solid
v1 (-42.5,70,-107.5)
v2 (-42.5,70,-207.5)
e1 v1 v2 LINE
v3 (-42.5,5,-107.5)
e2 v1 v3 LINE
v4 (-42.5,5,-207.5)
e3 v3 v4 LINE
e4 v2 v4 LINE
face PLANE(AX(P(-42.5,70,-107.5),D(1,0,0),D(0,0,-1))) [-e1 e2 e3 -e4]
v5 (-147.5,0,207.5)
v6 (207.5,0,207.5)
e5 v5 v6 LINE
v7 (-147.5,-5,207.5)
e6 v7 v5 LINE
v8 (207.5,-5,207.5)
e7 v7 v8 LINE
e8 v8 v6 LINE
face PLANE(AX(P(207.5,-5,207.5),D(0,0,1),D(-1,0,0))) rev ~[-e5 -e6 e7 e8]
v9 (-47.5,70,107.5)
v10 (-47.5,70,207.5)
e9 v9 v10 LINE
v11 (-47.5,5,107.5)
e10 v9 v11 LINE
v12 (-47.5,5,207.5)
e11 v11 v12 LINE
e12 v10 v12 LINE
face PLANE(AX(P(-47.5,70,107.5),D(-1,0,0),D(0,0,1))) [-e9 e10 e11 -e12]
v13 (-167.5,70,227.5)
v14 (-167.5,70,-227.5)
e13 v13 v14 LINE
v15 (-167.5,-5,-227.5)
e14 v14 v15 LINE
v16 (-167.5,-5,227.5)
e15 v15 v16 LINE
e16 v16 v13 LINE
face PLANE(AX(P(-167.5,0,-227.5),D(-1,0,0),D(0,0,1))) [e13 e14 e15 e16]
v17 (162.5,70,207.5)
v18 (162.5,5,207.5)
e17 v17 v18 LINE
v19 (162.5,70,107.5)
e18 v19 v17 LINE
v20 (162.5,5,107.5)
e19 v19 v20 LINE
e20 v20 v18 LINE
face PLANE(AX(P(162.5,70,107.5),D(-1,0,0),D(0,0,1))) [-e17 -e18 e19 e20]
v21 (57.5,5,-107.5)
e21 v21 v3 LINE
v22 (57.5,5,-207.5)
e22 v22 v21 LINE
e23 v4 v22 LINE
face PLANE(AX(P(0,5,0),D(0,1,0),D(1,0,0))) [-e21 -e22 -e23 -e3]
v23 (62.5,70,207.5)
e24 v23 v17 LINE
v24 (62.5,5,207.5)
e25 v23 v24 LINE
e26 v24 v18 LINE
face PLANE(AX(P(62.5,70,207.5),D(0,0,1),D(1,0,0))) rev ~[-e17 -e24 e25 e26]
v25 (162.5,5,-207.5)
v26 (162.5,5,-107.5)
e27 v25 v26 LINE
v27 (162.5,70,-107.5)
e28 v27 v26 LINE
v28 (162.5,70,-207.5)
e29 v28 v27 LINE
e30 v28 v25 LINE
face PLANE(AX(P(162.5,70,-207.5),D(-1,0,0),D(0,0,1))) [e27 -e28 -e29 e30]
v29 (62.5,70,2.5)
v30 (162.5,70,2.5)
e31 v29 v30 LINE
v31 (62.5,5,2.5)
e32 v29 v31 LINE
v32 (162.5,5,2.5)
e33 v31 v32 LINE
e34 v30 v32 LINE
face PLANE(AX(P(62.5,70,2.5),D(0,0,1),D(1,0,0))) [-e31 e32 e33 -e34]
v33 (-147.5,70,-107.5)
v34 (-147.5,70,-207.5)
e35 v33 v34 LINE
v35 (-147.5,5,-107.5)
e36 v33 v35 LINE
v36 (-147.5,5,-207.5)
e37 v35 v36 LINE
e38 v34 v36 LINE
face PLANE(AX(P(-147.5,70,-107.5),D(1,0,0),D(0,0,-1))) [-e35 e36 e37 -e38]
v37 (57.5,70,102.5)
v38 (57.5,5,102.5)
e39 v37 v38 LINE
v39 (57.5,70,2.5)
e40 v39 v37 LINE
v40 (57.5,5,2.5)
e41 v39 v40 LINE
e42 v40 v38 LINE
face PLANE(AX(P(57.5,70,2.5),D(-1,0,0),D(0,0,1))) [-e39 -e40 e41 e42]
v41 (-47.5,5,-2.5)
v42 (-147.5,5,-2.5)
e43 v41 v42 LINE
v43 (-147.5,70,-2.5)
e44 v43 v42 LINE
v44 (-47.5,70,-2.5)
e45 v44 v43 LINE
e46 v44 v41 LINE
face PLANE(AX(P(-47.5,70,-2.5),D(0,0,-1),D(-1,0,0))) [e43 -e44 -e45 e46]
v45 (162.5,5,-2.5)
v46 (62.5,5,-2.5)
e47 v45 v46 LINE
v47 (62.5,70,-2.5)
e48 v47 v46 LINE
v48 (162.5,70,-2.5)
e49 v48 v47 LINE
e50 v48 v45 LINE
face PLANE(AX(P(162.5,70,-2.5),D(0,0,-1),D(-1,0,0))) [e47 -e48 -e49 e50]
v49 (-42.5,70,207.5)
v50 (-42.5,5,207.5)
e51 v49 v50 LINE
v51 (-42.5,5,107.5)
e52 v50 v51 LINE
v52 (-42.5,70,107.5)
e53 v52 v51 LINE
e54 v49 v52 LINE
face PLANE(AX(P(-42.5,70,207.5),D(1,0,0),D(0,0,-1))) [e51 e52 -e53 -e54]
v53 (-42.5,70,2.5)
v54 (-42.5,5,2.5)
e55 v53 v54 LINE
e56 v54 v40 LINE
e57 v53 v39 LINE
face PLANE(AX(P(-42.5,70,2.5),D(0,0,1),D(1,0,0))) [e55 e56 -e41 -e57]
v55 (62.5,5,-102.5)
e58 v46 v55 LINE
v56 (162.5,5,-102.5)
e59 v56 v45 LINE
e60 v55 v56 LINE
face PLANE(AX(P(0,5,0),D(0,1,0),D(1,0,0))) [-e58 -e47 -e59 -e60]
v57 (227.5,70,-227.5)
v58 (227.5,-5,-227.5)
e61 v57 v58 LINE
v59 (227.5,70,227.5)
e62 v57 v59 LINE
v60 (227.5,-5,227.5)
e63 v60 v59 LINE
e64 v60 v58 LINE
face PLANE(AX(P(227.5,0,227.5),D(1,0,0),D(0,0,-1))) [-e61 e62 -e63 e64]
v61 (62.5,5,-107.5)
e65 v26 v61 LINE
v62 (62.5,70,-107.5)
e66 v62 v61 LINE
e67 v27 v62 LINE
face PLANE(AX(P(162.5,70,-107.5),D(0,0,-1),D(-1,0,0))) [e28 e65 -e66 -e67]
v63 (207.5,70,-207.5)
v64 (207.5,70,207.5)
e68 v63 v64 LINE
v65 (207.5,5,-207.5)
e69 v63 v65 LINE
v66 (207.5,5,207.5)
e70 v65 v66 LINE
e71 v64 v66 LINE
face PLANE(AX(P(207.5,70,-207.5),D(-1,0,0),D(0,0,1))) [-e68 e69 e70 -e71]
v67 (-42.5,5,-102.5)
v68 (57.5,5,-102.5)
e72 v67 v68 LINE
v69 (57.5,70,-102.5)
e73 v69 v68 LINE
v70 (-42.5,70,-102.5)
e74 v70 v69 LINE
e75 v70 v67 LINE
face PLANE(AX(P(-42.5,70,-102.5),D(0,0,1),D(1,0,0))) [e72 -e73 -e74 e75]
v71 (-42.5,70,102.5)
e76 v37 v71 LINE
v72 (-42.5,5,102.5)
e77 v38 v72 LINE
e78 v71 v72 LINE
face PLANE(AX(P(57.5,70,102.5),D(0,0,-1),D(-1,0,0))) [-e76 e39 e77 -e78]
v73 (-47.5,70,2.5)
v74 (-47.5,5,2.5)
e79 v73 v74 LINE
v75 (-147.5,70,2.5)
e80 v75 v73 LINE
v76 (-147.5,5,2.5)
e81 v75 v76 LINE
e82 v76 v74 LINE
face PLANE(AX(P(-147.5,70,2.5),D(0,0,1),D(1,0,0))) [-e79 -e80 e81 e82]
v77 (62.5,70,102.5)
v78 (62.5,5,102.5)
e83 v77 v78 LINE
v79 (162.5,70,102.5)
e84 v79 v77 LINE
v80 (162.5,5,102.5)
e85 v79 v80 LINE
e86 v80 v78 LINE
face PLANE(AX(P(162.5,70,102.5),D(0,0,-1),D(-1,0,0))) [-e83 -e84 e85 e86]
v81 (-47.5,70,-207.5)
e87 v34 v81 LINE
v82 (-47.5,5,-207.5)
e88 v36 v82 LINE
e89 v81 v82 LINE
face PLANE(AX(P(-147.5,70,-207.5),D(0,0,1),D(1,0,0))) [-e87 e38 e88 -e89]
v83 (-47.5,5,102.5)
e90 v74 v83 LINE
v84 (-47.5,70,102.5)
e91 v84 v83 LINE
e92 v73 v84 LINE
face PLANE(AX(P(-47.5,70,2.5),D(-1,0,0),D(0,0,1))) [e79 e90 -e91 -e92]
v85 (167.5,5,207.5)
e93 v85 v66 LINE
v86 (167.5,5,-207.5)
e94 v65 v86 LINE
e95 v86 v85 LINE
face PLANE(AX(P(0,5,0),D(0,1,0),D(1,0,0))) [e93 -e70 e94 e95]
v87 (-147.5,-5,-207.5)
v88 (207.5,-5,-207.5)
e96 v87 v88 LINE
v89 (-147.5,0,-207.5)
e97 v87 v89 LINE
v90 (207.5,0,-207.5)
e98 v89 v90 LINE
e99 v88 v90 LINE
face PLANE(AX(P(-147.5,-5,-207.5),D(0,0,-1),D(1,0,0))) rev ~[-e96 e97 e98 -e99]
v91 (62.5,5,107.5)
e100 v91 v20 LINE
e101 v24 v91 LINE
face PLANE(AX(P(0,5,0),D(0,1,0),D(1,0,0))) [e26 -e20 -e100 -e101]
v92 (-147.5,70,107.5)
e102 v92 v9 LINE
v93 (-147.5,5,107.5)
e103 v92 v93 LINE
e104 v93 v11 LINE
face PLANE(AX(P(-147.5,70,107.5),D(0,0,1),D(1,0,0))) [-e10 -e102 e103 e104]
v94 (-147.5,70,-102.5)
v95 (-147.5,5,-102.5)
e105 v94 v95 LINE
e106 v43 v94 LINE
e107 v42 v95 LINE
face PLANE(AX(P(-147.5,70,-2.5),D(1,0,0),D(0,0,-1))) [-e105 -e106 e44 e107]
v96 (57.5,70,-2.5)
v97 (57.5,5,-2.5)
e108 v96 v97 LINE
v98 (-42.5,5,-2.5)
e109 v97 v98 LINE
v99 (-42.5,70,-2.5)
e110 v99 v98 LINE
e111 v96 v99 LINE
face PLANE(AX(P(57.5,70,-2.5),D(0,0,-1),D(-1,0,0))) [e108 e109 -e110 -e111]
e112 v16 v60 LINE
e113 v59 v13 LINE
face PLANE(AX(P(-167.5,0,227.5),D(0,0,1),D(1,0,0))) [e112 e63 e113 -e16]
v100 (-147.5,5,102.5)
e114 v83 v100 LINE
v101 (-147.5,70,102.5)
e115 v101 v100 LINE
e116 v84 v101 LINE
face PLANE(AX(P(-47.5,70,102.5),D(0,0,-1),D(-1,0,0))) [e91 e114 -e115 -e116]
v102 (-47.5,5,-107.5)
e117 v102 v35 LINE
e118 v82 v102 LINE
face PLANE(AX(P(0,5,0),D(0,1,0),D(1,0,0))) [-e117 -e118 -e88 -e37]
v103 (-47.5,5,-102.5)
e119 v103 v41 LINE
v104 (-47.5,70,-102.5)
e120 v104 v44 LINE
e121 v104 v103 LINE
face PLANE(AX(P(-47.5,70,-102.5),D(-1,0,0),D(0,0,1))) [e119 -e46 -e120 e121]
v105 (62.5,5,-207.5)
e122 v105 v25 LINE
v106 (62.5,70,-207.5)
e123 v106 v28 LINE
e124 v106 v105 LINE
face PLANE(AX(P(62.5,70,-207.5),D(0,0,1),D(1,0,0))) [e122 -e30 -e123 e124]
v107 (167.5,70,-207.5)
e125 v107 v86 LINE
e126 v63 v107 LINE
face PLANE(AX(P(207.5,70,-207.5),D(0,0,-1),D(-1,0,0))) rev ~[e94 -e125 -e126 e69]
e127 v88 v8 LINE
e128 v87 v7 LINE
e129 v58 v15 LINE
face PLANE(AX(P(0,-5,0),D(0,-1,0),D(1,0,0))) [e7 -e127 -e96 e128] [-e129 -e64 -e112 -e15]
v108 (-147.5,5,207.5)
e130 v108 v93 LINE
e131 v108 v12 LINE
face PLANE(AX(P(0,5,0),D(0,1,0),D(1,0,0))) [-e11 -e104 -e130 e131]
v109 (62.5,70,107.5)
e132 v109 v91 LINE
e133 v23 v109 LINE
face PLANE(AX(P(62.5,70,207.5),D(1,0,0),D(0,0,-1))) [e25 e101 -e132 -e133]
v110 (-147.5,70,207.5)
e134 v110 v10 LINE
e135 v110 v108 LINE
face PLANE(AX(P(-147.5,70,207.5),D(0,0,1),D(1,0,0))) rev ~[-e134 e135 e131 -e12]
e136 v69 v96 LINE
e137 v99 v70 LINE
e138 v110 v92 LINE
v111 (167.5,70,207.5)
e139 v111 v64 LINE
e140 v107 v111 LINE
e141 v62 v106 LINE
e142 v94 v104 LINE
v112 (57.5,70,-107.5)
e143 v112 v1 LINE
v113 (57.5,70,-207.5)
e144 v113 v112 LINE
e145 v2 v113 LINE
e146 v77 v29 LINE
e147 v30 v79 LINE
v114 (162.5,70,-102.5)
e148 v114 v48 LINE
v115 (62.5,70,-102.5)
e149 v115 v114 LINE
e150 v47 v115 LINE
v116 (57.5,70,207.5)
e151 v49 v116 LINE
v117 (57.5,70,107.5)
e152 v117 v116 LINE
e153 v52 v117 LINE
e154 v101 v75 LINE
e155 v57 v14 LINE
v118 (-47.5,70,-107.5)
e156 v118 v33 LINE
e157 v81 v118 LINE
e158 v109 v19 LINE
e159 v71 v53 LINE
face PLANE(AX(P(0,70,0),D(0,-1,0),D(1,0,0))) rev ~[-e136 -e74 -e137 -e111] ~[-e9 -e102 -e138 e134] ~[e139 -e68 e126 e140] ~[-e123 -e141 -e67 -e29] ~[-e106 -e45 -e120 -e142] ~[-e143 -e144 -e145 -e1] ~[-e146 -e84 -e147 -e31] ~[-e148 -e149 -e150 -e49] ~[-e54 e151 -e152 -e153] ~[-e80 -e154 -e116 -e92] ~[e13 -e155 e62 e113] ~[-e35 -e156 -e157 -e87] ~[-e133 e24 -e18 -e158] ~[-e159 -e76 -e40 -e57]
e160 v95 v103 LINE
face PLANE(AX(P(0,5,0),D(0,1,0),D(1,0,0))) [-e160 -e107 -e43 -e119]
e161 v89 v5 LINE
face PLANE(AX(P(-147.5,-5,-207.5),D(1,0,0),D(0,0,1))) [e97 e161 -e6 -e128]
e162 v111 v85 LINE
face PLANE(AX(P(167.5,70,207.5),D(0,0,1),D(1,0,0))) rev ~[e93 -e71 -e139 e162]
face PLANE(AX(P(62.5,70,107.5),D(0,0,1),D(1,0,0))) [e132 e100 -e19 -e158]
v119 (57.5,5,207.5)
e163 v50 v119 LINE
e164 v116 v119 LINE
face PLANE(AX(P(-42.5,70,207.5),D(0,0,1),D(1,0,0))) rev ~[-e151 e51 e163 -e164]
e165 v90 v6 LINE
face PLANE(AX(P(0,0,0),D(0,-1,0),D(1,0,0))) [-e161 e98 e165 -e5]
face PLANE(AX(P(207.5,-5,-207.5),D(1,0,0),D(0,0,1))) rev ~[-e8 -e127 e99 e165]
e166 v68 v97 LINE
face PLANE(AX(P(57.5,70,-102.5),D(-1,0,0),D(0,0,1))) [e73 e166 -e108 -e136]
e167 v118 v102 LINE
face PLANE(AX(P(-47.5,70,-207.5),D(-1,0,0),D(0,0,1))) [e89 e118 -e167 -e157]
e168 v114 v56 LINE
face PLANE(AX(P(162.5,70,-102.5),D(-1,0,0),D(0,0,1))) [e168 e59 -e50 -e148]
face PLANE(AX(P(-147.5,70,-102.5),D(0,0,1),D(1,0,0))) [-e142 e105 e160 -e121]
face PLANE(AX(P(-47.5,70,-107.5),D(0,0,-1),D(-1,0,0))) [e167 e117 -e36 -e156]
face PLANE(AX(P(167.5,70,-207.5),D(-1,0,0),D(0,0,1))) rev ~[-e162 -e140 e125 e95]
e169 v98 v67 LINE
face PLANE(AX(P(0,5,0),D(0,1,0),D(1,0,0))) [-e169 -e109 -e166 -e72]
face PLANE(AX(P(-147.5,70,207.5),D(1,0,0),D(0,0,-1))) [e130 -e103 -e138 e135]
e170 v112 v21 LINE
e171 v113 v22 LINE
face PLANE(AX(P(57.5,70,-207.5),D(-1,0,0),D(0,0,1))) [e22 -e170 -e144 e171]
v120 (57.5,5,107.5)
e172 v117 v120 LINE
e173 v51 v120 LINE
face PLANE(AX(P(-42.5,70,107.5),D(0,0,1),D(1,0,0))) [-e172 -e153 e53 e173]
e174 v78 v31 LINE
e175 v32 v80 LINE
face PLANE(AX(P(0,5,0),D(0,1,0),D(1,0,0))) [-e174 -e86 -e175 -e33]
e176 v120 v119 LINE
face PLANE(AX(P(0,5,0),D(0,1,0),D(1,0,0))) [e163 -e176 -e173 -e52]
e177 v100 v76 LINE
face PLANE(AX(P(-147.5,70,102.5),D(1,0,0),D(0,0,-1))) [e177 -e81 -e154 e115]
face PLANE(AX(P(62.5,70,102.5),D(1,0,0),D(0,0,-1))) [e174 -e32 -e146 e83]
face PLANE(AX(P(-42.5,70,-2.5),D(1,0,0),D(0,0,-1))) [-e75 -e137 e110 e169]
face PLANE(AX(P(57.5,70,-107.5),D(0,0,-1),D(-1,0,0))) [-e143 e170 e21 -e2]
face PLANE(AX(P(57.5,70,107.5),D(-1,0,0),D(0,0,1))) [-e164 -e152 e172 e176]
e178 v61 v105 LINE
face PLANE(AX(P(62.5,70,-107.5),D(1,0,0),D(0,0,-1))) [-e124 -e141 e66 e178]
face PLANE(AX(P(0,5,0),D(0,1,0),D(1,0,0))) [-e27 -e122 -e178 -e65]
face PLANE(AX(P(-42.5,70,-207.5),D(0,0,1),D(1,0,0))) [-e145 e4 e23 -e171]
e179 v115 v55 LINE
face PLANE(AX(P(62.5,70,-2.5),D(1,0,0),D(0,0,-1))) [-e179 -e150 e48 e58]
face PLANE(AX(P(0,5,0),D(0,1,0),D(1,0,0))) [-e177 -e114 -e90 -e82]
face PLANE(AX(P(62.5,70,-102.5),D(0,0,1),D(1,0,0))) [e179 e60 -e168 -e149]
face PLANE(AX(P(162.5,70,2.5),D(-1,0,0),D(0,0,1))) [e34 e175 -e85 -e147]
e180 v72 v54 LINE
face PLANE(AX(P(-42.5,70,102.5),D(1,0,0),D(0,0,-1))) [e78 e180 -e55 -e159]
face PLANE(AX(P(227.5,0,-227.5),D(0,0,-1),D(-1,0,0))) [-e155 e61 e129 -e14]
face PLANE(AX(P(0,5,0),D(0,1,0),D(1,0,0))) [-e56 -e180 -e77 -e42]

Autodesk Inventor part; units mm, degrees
ref_plane "YZ Plane" through (0, 0, 0) normal (1, 0, 0) x (0, 1, 0)
ref_plane "XZ Plane" through (0, 0, 0) normal (0, 1, 0) x (-1, 0, 0)
ref_plane "XY Plane" through (0, 0, 0) normal (0, 0, 1) x (1, 0, 0)
sketch "Эскиз1" plane through (0, 0, 0) normal (0, 1, 0) x (-1, 0, 0)
  line L0 (167.5, -227.5) -> (-167.5, -227.5)
  line L1 (-167.5, -227.5) -> (-167.5, 227.5)
  line L2 (-167.5, 227.5) -> (167.5, 227.5)
  line L3 (167.5, 227.5) -> (167.5, -227.5)
  line L4 (167.5, -227.5) -> (-167.5, 227.5) construction
  line L5 (-167.5, -227.5) -> (167.5, 227.5) construction
  point P0 (0, 0)
  dimension "d0" = 335
  dimension "d1" = 455
extrude "Выдавливание1" add sketch "Эскиз1" along normal blind 70
sketch "Эскиз2" plane through (0, 70, 0) normal (0, 1, 0) x (1, 0, 0)
  line L0 (167.5, 227.5) -> (-167.5, 227.5) projected
  line L1 (-147.5, 227.5) -> (-147.5, -225.4146) construction
  line L2 (-167.5, 227.5) -> (-167.5, -227.5) projected
  line L3 (-167.5, 207.5) -> (167.5, 207.5)
  line L4 (-167.5, -207.5) -> (167.5, -207.5)
  line L5 (167.5, -227.5) -> (167.5, 227.5) projected
  line L6 (-167.5, -227.5) -> (167.5, -227.5) projected
  line L7 (162.5, 227.5) -> (162.5, -227.5)
  line L8 (-147.5, 207.5) -> (-47.5, 207.5)
  line L9 (-47.5, 207.5) -> (-47.5, 107.5)
  line L10 (-47.5, 107.5) -> (-147.5, 107.5)
  line L11 (-147.5, 107.5) -> (-147.5, 207.5)
  line L12 (-42.5, 107.5) -> (-42.5, 207.5)
  line L13 (-42.5, 207.5) -> (57.5, 207.5)
  line L14 (57.5, 207.5) -> (57.5, 107.5)
  line L15 (57.5, 107.5) -> (-42.5, 107.5)
  line L16 (62.5, 107.5) -> (62.5, 207.5)
  line L17 (62.5, 207.5) -> (162.5, 207.5)
  line L18 (162.5, 207.5) -> (162.5, 107.5)
  line L19 (162.5, 107.5) -> (62.5, 107.5)
  line L20 (-147.5, 2.5) -> (-147.5, 102.5)
  line L21 (-147.5, 102.5) -> (-47.5, 102.5)
  line L22 (-47.5, 102.5) -> (-47.5, 2.5)
  line L23 (-47.5, 2.5) -> (-147.5, 2.5)
  line L24 (-42.5, 2.5) -> (-42.5, 102.5)
  line L25 (-42.5, 102.5) -> (57.5, 102.5)
  line L26 (57.5, 102.5) -> (57.5, 2.5)
  line L27 (57.5, 2.5) -> (-42.5, 2.5)
  line L28 (62.5, 2.5) -> (62.5, 102.5)
  line L29 (62.5, 102.5) -> (162.5, 102.5)
  line L30 (162.5, 102.5) -> (162.5, 2.5)
  line L31 (162.5, 2.5) -> (62.5, 2.5)
  line L32 (-147.5, -102.5) -> (-147.5, -2.5)
  line L33 (-147.5, -2.5) -> (-47.5, -2.5)
  line L34 (-47.5, -2.5) -> (-47.5, -102.5)
  line L35 (-47.5, -102.5) -> (-147.5, -102.5)
  line L36 (-42.5, -102.5) -> (-42.5, -2.5)
  line L37 (-42.5, -2.5) -> (57.5, -2.5)
  line L38 (57.5, -2.5) -> (57.5, -102.5)
  line L39 (57.5, -102.5) -> (-42.5, -102.5)
  line L40 (62.5, -102.5) -> (62.5, -2.5)
  line L41 (62.5, -2.5) -> (162.5, -2.5)
  line L42 (162.5, -2.5) -> (162.5, -102.5)
  line L43 (162.5, -102.5) -> (62.5, -102.5)
  line L44 (-147.5, -207.5) -> (-147.5, -107.5)
  line L45 (-147.5, -107.5) -> (-47.5, -107.5)
  line L46 (-47.5, -107.5) -> (-47.5, -207.5)
  line L47 (-47.5, -207.5) -> (-147.5, -207.5)
  line L48 (-42.5, -207.5) -> (-42.5, -107.5)
  line L49 (-42.5, -107.5) -> (57.5, -107.5)
  line L50 (57.5, -107.5) -> (57.5, -207.5)
  line L51 (57.5, -207.5) -> (-42.5, -207.5)
  line L52 (62.5, -207.5) -> (62.5, -107.5)
  line L53 (62.5, -107.5) -> (162.5, -107.5)
  line L54 (162.5, -107.5) -> (162.5, -207.5)
  line L55 (162.5, -207.5) -> (62.5, -207.5)
  point P0 (0, 0)
  point P1 (162.5, -207.5)
  point P2 (162.5, 207.5)
  dimension "d4" = 20
  dimension "d5" = 20
  dimension "d6" = 20
  dimension "d7" = 5
  dimension "d8" = 100
  dimension "d9" = 100
  dimension "d12" = 105
  dimension "d15" = 105
extrude "Выдавливание2" cut sketch "Эскиз2" against normal blind 65 contours L7 L19 L16 L3 | L4 L52 L53 L7 | L3 L9 L10 L11 | L14 L15 L12 L3 | L7 L31 L28 L29 | L44 L45 L46 L4 | L4 L48 L49 L50 | L43 L40 L41 L7 | L20 L21 L22 L23 | L24 L25 L26 L27 | L32 L33 L34 L35 | L36 L37 L38 L39
sketch "Эскиз6" plane through (0, 0, 0) normal (0, -1, 0) x (1, 0, 0)
  line L0 (167.5, -227.5) -> (227.5, -227.5)
  line L1 (227.5, -227.5) -> (227.5, 227.5)
  line L2 (227.5, 227.5) -> (167.5, 227.5)
  line L3 (167.5, 227.5) -> (167.5, -227.5)
  point P0 (0, 0)
  dimension "d29" = 60
extrude "Выдавливание5" add sketch "Эскиз6" against normal blind 70
sketch "Эскиз7" plane through (0, 70, 0) normal (0, 1, 0) x (1, 0, 0)
  line L0 (227.5, 227.5) -> (-167.5, 227.5) projected
  line L1 (207.5, 227.5) -> (207.5, -226.0922)
  line L2 (227.5, -227.5) -> (227.5, 227.5) projected
  line L3 (227.5, 207.5) -> (-167.5, 207.5)
  line L4 (207.5, 207.5) -> (167.5, 207.5)
  line L5 (167.5, 207.5) -> (167.5, -207.5)
  line L6 (167.5, -207.5) -> (207.5, -207.5)
  line L7 (207.5, -207.5) -> (207.5, 207.5)
  point P0 (0, 0)
  dimension "d32" = 20
  dimension "d33" = 20
  dimension "d34" = 40
  dimension "d35" = 415
extrude "Выдавливание6" cut sketch "Эскиз7" against normal blind 65 contours L1 L6 L5 L3
ref_plane "РабПлоскость2" through (0, 0, 0) normal (0, -1, 0) x (1, 0, 0)
sketch "Эскиз8" plane through (0, 0, 0) normal (0, -1, 0) x (1, 0, 0)
  point P0 (0, 0)
sketch "Эскиз9" plane through (0, 0, 0) normal (0, -1, 0) x (1, 0, 0)
  line L0 (-167.5, -227.5) -> (-167.5, 227.5) projected
  line L1 (227.5, -227.5) -> (-167.5, -227.5) projected
  line L2 (-167.5, 227.5) -> (227.5, 227.5)
  line L3 (227.5, 227.5) -> (227.5, -227.5)
  line L4 (227.5, -227.5) -> (-167.5, -227.5)
  line L5 (-167.5, -227.5) -> (-167.5, 227.5)
  point P0 (0, 0)
sketch "Эскиз10" plane through (0, 0, 0) normal (0, -1, 0) x (1, 0, 0)
  point P0 (0, 0)
sketch "Эскиз11" plane through (0, 0, 0) normal (0, -1, 0) x (1, 0, 0)
  line L0 (-167.5, -227.5) -> (-167.5, 227.5) projected
  line L1 (227.5, -227.5) -> (-167.5, -227.5) projected
  line L2 (-167.5, 227.5) -> (227.5, 227.5)
  line L3 (227.5, 227.5) -> (227.5, -227.5)
  line L4 (227.5, -227.5) -> (-167.5, -227.5)
  line L5 (-167.5, -227.5) -> (-167.5, 227.5)
  point P0 (0, 0)
extrude "Выдавливание7" add sketch "Эскиз11" along normal blind 5
sketch "Эскиз12" plane through (0, -5, 0) normal (0, -1, 0) x (1, 0, 0)
  line L0 (-147.5, -229.7416) -> (-147.5, 227.5)
  line L1 (-167.5, 227.5) -> (227.5, 227.5) projected
  line L2 (-167.5, 227.5) -> (-167.5, -227.5) projected
  line L3 (-167.5, -207.5) -> (227.5, -207.5)
  line L4 (227.5, 227.5) -> (227.5, -227.5) projected
  line L5 (-167.5, -227.5) -> (227.5, -227.5) projected
  line L6 (207.5, 207.5) -> (167.5, 207.5) projected
  line L7 (-147.5, -207.5) -> (207.5, -207.5)
  line L8 (207.5, -207.5) -> (207.5, 207.5)
  line L9 (207.5, 207.5) -> (-147.5, 207.5)
  line L10 (-147.5, 207.5) -> (-147.5, -207.5)
  point P0 (0, 0)
  dimension "d41" = 20
  dimension "d42" = 20
extrude "Выдавливание8" cut sketch "Эскиз12" against normal blind 5 contours L0 L9 L6 L8 L3
properties part number "ключница"
